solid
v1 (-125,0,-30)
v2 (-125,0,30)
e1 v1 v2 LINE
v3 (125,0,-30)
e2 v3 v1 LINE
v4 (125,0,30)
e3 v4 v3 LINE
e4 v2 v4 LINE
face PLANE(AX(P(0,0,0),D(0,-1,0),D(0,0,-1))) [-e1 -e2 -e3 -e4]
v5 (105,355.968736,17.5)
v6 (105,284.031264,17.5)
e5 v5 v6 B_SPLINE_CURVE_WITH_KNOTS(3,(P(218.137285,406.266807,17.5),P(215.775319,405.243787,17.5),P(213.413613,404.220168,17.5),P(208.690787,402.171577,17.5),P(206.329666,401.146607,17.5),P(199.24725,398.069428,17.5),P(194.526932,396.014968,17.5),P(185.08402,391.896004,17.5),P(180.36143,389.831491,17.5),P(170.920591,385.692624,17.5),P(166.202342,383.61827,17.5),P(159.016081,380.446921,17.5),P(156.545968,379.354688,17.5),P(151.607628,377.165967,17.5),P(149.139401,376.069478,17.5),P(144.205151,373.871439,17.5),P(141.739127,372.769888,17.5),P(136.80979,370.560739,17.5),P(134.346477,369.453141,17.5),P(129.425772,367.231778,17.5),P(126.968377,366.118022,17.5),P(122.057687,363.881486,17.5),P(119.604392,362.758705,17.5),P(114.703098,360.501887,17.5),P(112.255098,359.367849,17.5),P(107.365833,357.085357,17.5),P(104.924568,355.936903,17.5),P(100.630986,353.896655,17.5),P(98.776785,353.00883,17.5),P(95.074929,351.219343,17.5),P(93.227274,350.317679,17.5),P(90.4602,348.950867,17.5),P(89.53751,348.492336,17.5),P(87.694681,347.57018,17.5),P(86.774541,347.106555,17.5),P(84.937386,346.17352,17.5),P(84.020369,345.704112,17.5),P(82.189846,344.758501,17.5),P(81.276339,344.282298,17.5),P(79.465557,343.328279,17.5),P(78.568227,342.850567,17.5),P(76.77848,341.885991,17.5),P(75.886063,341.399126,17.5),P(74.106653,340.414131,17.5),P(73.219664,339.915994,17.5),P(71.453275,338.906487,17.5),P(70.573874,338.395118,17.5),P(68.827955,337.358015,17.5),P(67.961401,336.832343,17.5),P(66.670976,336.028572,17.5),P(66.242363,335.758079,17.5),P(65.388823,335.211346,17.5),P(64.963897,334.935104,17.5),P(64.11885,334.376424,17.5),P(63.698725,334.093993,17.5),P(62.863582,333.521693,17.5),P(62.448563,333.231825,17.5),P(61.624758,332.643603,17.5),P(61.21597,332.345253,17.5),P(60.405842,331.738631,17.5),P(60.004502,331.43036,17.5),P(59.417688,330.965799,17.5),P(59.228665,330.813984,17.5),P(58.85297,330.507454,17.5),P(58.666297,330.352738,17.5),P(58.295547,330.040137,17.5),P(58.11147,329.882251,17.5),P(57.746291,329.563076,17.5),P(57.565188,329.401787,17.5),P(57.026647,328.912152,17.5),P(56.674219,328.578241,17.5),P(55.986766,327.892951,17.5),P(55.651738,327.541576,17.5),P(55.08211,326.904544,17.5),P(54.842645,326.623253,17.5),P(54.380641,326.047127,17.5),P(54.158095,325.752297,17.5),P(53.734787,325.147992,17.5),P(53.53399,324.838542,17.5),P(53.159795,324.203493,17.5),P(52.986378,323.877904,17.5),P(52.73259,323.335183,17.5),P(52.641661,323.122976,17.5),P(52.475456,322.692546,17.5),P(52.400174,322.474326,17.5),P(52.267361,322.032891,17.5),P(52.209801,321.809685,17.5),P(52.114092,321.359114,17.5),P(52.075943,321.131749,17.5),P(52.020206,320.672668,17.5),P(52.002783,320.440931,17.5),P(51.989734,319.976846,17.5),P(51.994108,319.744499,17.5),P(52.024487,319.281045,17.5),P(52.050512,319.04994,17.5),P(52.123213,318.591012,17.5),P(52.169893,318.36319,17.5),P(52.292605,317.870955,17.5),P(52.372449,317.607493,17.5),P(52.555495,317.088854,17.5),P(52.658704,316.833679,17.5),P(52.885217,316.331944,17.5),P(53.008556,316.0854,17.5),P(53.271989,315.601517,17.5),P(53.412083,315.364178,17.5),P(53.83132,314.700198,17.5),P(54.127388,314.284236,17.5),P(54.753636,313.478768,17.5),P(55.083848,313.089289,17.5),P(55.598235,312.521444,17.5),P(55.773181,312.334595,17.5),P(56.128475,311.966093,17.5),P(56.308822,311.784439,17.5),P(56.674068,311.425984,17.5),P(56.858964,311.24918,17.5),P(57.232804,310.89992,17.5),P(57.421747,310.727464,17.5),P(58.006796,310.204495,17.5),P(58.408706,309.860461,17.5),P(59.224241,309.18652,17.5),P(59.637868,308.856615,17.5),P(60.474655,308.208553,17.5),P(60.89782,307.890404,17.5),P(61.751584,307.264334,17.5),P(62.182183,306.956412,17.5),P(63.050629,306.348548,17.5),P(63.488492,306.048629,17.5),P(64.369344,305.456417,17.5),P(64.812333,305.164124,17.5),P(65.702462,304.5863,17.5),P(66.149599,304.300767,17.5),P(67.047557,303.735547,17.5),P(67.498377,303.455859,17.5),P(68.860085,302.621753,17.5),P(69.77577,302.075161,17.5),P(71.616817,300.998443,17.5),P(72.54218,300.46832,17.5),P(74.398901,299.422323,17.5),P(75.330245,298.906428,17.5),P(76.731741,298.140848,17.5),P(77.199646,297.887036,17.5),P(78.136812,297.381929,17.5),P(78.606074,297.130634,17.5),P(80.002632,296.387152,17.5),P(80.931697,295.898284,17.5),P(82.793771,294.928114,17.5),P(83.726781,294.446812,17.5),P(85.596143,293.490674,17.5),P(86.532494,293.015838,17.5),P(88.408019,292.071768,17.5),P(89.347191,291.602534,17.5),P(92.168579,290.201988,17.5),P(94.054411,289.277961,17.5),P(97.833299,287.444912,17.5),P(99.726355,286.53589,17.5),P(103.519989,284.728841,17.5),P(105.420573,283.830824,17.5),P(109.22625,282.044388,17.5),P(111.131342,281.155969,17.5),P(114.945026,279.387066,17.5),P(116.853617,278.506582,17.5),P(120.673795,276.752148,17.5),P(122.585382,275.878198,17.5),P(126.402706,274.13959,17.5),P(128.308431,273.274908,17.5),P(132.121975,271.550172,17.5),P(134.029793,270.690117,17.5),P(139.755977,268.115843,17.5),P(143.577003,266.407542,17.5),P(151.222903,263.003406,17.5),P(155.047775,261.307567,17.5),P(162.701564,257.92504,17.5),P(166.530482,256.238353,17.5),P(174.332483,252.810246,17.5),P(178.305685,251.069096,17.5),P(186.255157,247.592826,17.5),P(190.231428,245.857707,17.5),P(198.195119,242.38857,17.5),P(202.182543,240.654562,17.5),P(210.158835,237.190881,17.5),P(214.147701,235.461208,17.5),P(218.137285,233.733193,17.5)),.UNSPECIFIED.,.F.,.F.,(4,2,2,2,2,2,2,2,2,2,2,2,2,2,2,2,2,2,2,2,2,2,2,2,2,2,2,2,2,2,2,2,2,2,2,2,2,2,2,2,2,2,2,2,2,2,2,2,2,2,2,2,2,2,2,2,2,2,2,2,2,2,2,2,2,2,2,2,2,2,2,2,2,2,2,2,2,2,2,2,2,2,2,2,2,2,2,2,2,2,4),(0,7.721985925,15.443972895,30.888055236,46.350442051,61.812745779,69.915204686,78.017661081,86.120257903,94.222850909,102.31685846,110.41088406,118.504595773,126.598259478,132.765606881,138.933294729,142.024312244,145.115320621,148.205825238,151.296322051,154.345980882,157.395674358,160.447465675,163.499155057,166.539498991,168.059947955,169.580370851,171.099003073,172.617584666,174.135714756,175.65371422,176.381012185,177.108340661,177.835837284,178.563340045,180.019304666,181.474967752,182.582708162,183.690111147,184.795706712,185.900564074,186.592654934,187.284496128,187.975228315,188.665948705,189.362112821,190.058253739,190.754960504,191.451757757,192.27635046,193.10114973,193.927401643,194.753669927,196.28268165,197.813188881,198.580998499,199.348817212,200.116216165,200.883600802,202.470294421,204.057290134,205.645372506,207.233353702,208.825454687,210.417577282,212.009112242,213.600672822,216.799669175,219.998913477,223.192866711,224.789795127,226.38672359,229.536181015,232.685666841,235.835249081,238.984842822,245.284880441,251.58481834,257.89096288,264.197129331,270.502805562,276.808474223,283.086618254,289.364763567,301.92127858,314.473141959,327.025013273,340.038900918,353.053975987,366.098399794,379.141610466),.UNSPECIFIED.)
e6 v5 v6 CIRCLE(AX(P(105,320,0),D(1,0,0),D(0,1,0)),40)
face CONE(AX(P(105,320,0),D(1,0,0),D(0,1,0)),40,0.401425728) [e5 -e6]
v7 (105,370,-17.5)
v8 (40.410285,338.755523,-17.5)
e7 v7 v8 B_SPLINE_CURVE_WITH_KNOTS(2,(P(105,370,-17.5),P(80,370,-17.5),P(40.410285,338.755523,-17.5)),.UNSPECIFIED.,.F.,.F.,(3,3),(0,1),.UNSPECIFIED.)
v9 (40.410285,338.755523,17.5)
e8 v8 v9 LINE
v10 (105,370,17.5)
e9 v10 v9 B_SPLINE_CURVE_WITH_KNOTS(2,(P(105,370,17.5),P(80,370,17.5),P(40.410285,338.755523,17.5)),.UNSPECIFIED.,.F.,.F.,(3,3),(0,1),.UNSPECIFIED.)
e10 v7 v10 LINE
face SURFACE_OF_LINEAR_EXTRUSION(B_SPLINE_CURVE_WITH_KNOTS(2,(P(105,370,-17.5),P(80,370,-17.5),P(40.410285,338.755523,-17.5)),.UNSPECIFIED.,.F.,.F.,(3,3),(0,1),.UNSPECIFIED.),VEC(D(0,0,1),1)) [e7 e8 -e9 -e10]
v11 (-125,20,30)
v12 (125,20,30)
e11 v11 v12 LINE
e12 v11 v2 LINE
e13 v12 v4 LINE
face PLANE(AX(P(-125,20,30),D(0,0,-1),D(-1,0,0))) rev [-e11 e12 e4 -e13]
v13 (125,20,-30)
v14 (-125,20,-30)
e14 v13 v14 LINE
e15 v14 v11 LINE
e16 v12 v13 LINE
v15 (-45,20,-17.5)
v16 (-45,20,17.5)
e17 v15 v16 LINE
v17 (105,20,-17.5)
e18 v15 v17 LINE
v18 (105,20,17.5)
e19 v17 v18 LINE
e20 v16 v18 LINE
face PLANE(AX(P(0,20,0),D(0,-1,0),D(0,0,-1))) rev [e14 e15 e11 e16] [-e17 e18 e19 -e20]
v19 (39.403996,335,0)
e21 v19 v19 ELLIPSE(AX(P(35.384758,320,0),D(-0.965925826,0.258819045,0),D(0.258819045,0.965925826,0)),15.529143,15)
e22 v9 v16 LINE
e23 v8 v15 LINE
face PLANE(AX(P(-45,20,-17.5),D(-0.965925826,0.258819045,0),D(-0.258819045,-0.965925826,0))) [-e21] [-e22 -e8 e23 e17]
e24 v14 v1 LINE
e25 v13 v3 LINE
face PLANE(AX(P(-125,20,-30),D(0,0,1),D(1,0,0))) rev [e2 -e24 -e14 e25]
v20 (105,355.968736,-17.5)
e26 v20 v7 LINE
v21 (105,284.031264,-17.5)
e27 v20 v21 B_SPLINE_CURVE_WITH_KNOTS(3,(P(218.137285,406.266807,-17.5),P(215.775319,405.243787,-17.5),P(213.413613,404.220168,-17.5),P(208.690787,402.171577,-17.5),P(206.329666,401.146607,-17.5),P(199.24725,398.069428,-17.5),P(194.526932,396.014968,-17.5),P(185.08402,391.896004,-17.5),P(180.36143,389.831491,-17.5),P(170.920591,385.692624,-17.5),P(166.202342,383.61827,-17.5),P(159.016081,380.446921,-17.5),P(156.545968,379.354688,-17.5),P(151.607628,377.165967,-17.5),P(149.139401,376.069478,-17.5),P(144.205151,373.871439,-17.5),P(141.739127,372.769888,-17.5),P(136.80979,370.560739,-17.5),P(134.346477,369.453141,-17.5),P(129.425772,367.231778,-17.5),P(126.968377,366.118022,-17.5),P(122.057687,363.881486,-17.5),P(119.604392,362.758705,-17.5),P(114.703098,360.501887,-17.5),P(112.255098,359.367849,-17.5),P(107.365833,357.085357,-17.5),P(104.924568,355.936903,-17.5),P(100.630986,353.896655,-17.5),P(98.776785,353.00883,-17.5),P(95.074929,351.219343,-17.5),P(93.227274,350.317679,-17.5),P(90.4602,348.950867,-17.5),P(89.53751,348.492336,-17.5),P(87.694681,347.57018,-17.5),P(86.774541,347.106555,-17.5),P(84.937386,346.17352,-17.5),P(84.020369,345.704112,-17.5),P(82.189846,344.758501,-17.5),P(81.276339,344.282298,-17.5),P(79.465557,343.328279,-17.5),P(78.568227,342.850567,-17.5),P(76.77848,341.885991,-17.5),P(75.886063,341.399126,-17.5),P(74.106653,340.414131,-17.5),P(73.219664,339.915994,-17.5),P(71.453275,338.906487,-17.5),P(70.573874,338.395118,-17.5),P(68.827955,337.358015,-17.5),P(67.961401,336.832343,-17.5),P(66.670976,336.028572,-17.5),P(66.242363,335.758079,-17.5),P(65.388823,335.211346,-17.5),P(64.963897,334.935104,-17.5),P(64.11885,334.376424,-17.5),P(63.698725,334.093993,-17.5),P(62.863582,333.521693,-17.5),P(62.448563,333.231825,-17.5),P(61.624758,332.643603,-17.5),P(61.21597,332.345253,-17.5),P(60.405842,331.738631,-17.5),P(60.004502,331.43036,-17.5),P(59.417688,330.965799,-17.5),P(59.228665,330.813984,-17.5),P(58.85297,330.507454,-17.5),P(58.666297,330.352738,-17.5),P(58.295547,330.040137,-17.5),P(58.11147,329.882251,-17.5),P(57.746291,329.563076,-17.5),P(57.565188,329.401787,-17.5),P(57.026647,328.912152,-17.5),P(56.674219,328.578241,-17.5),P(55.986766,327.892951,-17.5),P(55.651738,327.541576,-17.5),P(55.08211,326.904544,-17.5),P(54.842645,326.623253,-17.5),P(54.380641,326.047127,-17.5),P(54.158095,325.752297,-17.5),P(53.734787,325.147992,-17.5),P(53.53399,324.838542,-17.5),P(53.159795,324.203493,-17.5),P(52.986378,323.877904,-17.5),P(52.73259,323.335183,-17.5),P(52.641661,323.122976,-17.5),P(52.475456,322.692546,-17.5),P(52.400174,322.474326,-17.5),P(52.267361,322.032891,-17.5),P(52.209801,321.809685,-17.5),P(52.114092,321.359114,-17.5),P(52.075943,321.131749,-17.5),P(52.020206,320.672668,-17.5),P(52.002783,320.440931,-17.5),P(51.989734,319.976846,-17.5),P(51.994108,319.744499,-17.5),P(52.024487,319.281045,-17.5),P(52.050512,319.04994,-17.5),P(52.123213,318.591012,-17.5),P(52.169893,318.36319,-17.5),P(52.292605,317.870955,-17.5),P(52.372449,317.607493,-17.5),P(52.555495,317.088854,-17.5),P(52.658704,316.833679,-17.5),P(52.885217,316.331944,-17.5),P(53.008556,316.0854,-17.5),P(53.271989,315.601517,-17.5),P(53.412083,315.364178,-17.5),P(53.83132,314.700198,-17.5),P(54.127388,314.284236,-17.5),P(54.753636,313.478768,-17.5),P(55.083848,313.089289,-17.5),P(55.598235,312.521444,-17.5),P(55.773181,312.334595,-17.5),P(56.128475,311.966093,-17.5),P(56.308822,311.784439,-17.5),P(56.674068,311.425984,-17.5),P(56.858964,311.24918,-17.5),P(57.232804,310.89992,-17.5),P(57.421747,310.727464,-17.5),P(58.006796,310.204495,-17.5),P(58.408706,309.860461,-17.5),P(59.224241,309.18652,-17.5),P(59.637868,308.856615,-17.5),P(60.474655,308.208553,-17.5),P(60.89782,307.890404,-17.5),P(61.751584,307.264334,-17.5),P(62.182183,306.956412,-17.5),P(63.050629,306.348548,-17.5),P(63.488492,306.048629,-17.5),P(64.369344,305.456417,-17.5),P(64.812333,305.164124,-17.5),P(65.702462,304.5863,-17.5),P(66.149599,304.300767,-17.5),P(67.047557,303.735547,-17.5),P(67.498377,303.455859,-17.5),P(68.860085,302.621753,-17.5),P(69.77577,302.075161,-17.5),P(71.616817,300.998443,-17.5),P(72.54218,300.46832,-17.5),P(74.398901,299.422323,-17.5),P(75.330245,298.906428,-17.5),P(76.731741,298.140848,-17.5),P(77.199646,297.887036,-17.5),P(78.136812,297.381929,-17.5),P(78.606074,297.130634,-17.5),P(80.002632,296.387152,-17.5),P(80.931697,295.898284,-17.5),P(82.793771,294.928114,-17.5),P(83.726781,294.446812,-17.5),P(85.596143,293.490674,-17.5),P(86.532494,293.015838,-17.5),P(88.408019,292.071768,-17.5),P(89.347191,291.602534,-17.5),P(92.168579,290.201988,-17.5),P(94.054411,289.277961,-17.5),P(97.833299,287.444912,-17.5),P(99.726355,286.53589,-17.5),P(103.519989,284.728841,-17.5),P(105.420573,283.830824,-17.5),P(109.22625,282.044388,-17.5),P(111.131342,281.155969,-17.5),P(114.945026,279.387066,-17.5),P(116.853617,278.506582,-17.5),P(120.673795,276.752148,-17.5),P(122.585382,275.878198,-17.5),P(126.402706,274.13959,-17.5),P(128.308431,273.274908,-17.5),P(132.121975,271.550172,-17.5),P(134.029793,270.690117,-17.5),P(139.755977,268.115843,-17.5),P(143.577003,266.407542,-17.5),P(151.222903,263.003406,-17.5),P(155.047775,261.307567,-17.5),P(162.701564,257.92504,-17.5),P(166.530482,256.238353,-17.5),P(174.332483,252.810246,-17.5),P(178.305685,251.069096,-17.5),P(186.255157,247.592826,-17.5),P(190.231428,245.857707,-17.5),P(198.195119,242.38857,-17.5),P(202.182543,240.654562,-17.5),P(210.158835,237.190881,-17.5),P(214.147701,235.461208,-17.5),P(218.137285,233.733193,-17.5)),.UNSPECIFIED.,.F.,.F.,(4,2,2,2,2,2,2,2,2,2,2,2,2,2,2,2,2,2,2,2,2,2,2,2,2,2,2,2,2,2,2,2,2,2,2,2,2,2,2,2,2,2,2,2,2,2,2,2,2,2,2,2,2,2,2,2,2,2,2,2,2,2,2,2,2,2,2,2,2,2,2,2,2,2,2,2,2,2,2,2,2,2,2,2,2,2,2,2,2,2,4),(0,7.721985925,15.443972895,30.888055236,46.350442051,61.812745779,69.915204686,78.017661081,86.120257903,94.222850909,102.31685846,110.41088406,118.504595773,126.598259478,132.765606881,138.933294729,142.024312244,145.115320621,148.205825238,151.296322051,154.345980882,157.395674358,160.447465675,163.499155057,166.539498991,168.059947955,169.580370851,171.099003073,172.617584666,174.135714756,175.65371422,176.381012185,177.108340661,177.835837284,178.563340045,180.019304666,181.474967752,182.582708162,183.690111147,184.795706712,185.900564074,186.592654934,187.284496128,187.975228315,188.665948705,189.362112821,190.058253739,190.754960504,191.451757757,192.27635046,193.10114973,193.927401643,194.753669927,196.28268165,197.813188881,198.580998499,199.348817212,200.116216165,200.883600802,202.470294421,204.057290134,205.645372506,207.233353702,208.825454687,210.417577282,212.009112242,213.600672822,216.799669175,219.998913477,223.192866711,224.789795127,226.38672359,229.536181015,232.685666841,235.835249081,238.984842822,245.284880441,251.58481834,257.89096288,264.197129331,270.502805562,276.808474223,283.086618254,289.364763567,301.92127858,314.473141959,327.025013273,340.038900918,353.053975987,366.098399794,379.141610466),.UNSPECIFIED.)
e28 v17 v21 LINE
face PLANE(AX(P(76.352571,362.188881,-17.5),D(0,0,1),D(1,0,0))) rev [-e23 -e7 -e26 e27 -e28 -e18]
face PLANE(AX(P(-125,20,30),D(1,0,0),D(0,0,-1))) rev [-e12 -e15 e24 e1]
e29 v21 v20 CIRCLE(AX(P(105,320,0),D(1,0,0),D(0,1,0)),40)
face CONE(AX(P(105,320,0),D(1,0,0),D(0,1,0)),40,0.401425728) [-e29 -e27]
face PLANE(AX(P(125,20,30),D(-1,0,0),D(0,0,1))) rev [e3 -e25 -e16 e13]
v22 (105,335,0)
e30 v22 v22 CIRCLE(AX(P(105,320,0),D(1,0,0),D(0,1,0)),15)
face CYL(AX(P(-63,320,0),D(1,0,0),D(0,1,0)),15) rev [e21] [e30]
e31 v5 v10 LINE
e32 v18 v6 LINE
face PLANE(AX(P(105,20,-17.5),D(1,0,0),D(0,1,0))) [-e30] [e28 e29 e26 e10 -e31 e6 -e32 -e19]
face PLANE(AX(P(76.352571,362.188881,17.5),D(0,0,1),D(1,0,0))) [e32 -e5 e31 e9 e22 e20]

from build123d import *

# Parameters (mm, degrees)
SKETCH1_W                = 250
SKETCH1_H                = 60
BOSS_EXTRUDE1_DEPTH      = 20
BOSS_EXTRUDE3_DEPTH      = 17.5
BOSS_EXTRUDE3_DEPTH_BACK = 17.5
SKETCH4_R                = 40
BOSS_EXTRUDE5_DEPTH      = 80
BOSS_EXTRUDE5_DRAFT      = -23
SKETCH4_4_R              = 15
CUT_EXTRUDE3_DEPTH       = 168


with BuildPart() as part:
    # Sketch1 → Boss-Extrude1 (new body)
    with BuildSketch(Plane(origin=(0, 0, 0), x_dir=(1, 0, 0), z_dir=(0, 1, 0))):
        Rectangle(SKETCH1_W, SKETCH1_H)
    extrude(amount=BOSS_EXTRUDE1_DEPTH)

    # Sketch3 → Boss-Extrude3 (add, two sides: drawn at the far end of the back side and taken through both)
    with BuildSketch(Plane.XY.offset(-BOSS_EXTRUDE3_DEPTH_BACK)):
        with BuildLine():
            Line((105, 20), (-45, 20))
            Line((-45, 20), (40.410284884, 338.755522675))
            add(Edge.make_bspline(
                [(40.410284884, 338.755522675), (80, 370), (105, 370)],
                knots=[0, 0, 0, 1, 1, 1], degree=2))
            Line((105, 370), (105, 20))
        make_face()
    extrude(amount=BOSS_EXTRUDE3_DEPTH + BOSS_EXTRUDE3_DEPTH_BACK)


with BuildPart() as boss_extrude5_tool:
    # Sketch4 → Boss-Extrude5 (with draft: the straight prism first)
    with BuildSketch(Plane(origin=(105, 0, 0), x_dir=(0, 0, -1), z_dir=(1, 0, 0))):
        with Locations((0, 320)):
            Circle(SKETCH4_R)
    extrude(amount=-BOSS_EXTRUDE5_DEPTH)
    # Boss-Extrude5: the draft: its side faces are tilted about the plane it starts from
    boss_extrude5_sides = [boss_extrude5_tool.faces().sort_by_distance(p)[0] for p in [
        (65, 320, 40),
    ]]
    draft(boss_extrude5_sides, Plane(origin=(105, 0, 0), x_dir=(0, 0, -1), z_dir=(1, 0, 0)), BOSS_EXTRUDE5_DRAFT)


with BuildPart() as part_1:
    add(part.part)

    # Boss-Extrude5: add boss_extrude5_tool
    add(boss_extrude5_tool.part)

    # Sketch4<4> → Cut-Extrude3 (cut)
    with BuildSketch(Plane(origin=(105, 0, 0), x_dir=(0, 0, -1), z_dir=(1, 0, 0))):
        with Locations((0, 320)):
            Circle(SKETCH4_4_R)
    extrude(amount=-CUT_EXTRUDE3_DEPTH, mode=Mode.SUBTRACT)


solid = part_1.part
